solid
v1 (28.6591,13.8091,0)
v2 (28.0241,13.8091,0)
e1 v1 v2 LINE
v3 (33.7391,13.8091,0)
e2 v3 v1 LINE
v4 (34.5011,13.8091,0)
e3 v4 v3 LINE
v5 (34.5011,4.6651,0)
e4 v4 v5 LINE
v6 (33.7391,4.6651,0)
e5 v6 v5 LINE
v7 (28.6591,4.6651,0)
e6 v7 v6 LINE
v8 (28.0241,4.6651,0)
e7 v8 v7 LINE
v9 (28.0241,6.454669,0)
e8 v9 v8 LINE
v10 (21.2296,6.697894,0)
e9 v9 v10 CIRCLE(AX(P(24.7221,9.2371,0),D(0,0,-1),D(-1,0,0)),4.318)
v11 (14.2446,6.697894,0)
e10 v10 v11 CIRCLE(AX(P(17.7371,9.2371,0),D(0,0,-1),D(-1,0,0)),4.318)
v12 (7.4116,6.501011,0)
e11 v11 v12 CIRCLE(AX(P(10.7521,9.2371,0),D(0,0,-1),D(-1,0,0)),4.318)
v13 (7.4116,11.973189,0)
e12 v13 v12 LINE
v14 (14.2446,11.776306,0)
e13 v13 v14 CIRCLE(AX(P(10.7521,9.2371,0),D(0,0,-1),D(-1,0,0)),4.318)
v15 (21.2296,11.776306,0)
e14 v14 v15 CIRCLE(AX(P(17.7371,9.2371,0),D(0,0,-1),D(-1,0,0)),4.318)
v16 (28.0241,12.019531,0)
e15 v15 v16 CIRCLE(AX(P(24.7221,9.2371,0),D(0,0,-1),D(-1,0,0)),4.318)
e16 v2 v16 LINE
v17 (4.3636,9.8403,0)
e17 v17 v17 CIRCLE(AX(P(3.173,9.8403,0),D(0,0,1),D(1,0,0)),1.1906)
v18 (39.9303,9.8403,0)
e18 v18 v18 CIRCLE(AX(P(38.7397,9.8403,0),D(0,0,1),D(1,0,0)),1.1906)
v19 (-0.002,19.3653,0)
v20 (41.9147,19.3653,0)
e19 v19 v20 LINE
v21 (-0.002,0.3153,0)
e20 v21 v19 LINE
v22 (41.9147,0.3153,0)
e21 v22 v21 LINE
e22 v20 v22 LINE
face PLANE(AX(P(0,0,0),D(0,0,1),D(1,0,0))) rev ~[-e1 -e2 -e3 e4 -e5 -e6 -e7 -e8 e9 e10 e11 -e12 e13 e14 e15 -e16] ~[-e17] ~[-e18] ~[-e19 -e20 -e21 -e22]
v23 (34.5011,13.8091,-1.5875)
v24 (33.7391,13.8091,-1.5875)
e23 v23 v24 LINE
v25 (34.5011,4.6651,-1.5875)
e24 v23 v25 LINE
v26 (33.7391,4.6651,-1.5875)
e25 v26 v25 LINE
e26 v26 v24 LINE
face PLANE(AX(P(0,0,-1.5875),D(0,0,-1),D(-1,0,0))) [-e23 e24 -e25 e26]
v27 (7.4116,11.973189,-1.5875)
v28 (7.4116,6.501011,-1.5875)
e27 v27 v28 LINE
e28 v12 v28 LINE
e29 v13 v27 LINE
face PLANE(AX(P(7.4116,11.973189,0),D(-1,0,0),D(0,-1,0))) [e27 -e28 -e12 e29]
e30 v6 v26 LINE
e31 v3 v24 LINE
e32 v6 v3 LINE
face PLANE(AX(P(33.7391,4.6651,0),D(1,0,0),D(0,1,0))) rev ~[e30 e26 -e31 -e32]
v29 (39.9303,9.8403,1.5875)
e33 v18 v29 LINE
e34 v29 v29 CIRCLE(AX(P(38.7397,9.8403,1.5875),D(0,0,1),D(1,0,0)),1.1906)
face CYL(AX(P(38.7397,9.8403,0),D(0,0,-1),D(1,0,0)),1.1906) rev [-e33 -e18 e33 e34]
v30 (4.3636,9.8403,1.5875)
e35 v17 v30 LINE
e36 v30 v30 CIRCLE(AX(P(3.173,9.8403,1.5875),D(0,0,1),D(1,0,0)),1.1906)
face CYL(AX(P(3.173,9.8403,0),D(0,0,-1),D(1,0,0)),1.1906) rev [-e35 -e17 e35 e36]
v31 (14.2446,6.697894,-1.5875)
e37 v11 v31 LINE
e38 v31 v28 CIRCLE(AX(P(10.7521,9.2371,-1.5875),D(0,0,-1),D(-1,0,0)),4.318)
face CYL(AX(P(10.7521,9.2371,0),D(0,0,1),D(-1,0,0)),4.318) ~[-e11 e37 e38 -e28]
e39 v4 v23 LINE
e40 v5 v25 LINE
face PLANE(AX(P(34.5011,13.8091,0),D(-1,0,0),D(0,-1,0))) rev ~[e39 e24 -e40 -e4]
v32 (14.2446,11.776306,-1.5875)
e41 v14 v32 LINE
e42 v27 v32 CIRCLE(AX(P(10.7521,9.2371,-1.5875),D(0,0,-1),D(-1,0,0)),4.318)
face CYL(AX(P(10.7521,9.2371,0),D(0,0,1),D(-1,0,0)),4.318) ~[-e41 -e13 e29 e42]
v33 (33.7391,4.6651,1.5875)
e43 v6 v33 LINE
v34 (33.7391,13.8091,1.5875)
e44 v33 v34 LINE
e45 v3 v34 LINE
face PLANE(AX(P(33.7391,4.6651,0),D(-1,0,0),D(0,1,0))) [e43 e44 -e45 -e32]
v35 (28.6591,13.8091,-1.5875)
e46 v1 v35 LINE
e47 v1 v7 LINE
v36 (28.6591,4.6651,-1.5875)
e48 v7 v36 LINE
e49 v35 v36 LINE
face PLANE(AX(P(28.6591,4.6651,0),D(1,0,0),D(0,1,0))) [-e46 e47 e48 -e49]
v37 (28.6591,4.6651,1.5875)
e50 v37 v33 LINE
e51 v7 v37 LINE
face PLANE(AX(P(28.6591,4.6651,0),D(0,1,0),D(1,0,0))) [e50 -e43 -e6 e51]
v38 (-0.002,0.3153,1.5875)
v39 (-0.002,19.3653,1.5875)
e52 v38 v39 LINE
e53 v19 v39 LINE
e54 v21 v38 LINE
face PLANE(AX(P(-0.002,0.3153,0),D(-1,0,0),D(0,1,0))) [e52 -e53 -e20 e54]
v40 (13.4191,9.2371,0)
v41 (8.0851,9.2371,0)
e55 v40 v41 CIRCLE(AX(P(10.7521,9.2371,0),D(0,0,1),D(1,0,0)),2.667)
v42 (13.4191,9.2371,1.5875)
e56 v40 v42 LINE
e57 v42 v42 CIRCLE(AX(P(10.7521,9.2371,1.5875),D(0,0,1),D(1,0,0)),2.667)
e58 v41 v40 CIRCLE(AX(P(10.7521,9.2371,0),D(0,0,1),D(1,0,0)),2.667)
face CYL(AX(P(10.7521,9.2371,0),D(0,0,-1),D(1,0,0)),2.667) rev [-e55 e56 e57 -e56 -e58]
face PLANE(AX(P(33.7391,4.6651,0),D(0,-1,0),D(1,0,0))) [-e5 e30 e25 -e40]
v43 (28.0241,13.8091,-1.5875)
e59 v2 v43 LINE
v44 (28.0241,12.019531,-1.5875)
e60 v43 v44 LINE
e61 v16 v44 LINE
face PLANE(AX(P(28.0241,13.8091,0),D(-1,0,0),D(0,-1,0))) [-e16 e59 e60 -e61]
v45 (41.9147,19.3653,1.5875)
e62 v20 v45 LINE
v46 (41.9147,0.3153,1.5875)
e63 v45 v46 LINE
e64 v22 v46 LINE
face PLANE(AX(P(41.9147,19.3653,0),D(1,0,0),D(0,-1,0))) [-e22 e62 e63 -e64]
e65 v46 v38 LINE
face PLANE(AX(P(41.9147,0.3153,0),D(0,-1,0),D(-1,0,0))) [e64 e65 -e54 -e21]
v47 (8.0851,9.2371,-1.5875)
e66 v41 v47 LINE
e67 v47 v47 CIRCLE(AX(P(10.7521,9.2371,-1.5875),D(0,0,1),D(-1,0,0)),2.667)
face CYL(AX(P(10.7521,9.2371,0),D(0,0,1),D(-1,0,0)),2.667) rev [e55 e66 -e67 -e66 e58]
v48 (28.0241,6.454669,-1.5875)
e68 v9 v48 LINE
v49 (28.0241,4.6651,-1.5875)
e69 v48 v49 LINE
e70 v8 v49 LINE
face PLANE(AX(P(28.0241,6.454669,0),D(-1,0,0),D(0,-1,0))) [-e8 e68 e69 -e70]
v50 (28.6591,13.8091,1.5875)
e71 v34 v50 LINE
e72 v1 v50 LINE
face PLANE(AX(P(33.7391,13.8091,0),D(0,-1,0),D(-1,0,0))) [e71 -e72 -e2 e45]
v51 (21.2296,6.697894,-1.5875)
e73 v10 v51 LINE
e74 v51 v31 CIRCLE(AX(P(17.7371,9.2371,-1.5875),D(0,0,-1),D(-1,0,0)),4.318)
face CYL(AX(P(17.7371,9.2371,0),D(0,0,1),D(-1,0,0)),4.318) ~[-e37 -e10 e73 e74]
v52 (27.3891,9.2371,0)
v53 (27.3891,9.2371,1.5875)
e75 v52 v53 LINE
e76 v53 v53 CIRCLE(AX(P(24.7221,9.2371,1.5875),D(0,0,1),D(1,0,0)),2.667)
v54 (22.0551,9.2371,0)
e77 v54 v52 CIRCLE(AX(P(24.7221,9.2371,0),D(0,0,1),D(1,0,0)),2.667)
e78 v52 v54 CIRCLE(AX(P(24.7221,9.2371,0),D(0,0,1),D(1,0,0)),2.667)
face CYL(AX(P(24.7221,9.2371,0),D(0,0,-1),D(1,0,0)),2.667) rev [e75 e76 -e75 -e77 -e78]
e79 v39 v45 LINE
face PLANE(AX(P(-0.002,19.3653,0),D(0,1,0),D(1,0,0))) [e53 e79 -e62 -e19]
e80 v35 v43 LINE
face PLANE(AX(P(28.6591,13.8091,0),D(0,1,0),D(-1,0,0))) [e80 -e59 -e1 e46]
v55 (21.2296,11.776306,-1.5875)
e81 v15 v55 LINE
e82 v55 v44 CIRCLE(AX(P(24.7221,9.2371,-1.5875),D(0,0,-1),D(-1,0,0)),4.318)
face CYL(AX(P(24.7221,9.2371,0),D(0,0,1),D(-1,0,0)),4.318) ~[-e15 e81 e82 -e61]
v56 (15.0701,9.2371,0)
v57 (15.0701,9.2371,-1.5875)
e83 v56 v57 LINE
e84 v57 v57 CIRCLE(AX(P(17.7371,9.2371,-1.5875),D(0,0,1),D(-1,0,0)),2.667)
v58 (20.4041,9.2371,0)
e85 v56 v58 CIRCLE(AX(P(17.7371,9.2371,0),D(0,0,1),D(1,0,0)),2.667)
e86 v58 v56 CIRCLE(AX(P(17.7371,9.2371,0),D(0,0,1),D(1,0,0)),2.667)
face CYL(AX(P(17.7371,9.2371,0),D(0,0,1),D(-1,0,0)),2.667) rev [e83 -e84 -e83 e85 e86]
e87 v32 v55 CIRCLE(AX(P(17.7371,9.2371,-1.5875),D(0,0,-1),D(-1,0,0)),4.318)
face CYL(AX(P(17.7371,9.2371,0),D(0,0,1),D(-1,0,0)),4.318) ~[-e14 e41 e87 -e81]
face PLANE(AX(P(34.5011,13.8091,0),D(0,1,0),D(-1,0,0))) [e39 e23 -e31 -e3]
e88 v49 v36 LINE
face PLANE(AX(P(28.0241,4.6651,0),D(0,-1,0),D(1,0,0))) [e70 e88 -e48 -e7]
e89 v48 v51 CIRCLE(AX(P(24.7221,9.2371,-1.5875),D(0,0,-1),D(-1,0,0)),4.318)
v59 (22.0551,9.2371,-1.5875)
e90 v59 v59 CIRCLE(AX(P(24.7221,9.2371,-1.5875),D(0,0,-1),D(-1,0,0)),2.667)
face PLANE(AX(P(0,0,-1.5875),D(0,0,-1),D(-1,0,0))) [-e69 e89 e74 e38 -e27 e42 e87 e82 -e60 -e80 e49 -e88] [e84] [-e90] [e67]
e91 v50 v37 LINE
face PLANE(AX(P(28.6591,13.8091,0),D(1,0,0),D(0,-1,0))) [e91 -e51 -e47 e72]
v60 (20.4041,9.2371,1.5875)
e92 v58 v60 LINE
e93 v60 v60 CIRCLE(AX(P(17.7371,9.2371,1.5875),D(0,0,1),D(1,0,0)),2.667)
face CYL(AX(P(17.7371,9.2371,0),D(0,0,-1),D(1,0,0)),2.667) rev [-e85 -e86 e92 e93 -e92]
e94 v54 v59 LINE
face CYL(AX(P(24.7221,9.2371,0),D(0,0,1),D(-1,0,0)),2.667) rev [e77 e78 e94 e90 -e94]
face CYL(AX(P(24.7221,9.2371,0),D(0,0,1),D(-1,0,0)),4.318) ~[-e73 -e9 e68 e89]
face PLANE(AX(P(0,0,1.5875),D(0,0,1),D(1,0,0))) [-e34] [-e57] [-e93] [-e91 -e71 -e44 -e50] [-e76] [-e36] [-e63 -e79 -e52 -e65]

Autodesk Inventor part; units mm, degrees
ref_plane "YZ Plane" through (0, 0, 0) normal (1, 0, 0) x (0, 1, 0)
ref_plane "XZ Plane" through (0, 0, 0) normal (0, 1, 0) x (-1, 0, 0)
ref_plane "XY Plane" through (0, 0, 0) normal (0, 0, 1) x (1, 0, 0)
sketch "Sketch1" plane through (0, 0, 0) normal (0, 0, 1) x (1, 0, 0)
  circle A0 centre (38.7397, 9.8403) radius 1.1906
  circle A1 centre (3.173, 9.8403) radius 1.1906
  line L0 (-0.002, 19.3653) -> (41.9147, 19.3653)
  line L1 (-0.002, 0.3153) -> (-0.002, 19.3653)
  line L2 (41.9147, 0.3153) -> (-0.002, 0.3153)
  line L3 (41.9147, 19.3653) -> (41.9147, 0.3153)
  line L4 (33.7391, 13.8091) -> (28.6591, 13.8091)
  line L5 (28.6591, 13.8091) -> (28.6591, 4.6651)
  line L6 (28.6591, 4.6651) -> (33.7391, 4.6651)
  line L7 (33.7391, 4.6651) -> (33.7391, 13.8091)
  circle A2 centre (24.7221, 9.2371) radius 2.667
  circle A3 centre (17.7371, 9.2371) radius 2.667
  circle A4 centre (10.7521, 9.2371) radius 2.667
  point P0 (0, 0)
  point P1 (33.7391, 9.2371)
  dimension "d4" = 19.05
  dimension "d5" = 3.175
  dimension "d6" = 3.175
  dimension "d34" = 2.3813
  dimension "d38" = 9.525
  dimension "d40" = 9.525
  dimension "d41" = 41.9168
  dimension "d59" = 5.334
  dimension "d60" = 5.08
  dimension "d61" = 9.144
  dimension "d62" = 0.6032
  dimension "d63" = 6.985
  dimension "d64" = 6.985
  dimension "d65" = 3.937
  dimension "d66" = 3.81
extrude "Extrusion6" add sketch "Sketch1" along normal blind 1.5875
sketch "Sketch7" plane through (0, 0, 0) normal (0, 0, -1) x (-1, 0, 0)
  circle A0 centre (-24.7221, 9.2371) radius 2.667 projected
  circle A1 centre (-24.7221, 9.2371) radius 4.318
  circle A2 centre (-17.7371, 9.2371) radius 2.667 projected
  circle A3 centre (-17.7371, 9.2371) radius 4.318
  circle A4 centre (-10.7521, 9.2371) radius 2.667 projected
  circle A5 centre (-10.7521, 9.2371) radius 4.318
  line L0 (-41.9147, 19.3653) -> (0.002, 19.3653) projected
  line L1 (-34.5011, 19.3653) -> (-34.5011, 0.3153)
  line L2 (0.002, 0.3153) -> (-41.9147, 0.3153) projected
  line L3 (-7.4116, 19.3653) -> (-7.4116, 0.3153)
  line L4 (-41.9147, 19.3653) -> (0.002, 19.3653) projected
  circle A6 centre (-38.7397, 9.8403) radius 1.1906 projected
  circle A7 centre (-3.173, 9.8403) radius 1.1906 projected
  line L5 (-34.5011, 13.8091) -> (-28.0241, 13.8091)
  line L6 (-28.0241, 13.8091) -> (-28.0241, 4.6651)
  line L7 (-28.0241, 4.6651) -> (-34.5011, 4.6651)
  line L8 (-34.5011, 4.6651) -> (-34.5011, 13.8091)
  line L9 (-28.6591, 4.6651) -> (-28.6591, 13.8091) projected
  line L10 (-28.6591, 13.8091) -> (-33.7391, 13.8091) projected
  line L11 (-33.7391, 13.8091) -> (-28.6591, 13.8091)
  line L12 (-28.6591, 13.8091) -> (-28.6591, 4.6651)
  line L13 (-28.6591, 4.6651) -> (-33.7391, 4.6651)
  line L14 (-33.7391, 4.6651) -> (-33.7391, 13.8091)
  point P0 (0, 0)
  point P1 (-21.2296, 6.6978)
  point P2 (-14.2446, 6.6978)
  point P3 (-7.4116, 6.501)
  point P4 (-7.4116, 11.9731)
  point P5 (-14.2446, 11.7763)
  point P6 (-21.2296, 11.7763)
  point P7 (-28.0241, 12.0195)
  point P8 (-28.0241, 6.4546)
  dimension "d70" = 3.048
  dimension "d71" = 3.048
  dimension "d72" = 0.635
  dimension "d75" = 0
  dimension "d76" = 0
extrude "Extrusion8" add sketch "Sketch7" along normal blind 1.5875 contours A3 A1 L6 | A3 A1 | A3 A5 A2 A1 | A1 A2 A5 A3 | L6 A1 L9 | A1 L9 L5 L6 | A5 L3 A3 | A3 A5 | L6 L7 L9 A1 | L14 L7 L1 L5
properties part number "_3DPrint"
